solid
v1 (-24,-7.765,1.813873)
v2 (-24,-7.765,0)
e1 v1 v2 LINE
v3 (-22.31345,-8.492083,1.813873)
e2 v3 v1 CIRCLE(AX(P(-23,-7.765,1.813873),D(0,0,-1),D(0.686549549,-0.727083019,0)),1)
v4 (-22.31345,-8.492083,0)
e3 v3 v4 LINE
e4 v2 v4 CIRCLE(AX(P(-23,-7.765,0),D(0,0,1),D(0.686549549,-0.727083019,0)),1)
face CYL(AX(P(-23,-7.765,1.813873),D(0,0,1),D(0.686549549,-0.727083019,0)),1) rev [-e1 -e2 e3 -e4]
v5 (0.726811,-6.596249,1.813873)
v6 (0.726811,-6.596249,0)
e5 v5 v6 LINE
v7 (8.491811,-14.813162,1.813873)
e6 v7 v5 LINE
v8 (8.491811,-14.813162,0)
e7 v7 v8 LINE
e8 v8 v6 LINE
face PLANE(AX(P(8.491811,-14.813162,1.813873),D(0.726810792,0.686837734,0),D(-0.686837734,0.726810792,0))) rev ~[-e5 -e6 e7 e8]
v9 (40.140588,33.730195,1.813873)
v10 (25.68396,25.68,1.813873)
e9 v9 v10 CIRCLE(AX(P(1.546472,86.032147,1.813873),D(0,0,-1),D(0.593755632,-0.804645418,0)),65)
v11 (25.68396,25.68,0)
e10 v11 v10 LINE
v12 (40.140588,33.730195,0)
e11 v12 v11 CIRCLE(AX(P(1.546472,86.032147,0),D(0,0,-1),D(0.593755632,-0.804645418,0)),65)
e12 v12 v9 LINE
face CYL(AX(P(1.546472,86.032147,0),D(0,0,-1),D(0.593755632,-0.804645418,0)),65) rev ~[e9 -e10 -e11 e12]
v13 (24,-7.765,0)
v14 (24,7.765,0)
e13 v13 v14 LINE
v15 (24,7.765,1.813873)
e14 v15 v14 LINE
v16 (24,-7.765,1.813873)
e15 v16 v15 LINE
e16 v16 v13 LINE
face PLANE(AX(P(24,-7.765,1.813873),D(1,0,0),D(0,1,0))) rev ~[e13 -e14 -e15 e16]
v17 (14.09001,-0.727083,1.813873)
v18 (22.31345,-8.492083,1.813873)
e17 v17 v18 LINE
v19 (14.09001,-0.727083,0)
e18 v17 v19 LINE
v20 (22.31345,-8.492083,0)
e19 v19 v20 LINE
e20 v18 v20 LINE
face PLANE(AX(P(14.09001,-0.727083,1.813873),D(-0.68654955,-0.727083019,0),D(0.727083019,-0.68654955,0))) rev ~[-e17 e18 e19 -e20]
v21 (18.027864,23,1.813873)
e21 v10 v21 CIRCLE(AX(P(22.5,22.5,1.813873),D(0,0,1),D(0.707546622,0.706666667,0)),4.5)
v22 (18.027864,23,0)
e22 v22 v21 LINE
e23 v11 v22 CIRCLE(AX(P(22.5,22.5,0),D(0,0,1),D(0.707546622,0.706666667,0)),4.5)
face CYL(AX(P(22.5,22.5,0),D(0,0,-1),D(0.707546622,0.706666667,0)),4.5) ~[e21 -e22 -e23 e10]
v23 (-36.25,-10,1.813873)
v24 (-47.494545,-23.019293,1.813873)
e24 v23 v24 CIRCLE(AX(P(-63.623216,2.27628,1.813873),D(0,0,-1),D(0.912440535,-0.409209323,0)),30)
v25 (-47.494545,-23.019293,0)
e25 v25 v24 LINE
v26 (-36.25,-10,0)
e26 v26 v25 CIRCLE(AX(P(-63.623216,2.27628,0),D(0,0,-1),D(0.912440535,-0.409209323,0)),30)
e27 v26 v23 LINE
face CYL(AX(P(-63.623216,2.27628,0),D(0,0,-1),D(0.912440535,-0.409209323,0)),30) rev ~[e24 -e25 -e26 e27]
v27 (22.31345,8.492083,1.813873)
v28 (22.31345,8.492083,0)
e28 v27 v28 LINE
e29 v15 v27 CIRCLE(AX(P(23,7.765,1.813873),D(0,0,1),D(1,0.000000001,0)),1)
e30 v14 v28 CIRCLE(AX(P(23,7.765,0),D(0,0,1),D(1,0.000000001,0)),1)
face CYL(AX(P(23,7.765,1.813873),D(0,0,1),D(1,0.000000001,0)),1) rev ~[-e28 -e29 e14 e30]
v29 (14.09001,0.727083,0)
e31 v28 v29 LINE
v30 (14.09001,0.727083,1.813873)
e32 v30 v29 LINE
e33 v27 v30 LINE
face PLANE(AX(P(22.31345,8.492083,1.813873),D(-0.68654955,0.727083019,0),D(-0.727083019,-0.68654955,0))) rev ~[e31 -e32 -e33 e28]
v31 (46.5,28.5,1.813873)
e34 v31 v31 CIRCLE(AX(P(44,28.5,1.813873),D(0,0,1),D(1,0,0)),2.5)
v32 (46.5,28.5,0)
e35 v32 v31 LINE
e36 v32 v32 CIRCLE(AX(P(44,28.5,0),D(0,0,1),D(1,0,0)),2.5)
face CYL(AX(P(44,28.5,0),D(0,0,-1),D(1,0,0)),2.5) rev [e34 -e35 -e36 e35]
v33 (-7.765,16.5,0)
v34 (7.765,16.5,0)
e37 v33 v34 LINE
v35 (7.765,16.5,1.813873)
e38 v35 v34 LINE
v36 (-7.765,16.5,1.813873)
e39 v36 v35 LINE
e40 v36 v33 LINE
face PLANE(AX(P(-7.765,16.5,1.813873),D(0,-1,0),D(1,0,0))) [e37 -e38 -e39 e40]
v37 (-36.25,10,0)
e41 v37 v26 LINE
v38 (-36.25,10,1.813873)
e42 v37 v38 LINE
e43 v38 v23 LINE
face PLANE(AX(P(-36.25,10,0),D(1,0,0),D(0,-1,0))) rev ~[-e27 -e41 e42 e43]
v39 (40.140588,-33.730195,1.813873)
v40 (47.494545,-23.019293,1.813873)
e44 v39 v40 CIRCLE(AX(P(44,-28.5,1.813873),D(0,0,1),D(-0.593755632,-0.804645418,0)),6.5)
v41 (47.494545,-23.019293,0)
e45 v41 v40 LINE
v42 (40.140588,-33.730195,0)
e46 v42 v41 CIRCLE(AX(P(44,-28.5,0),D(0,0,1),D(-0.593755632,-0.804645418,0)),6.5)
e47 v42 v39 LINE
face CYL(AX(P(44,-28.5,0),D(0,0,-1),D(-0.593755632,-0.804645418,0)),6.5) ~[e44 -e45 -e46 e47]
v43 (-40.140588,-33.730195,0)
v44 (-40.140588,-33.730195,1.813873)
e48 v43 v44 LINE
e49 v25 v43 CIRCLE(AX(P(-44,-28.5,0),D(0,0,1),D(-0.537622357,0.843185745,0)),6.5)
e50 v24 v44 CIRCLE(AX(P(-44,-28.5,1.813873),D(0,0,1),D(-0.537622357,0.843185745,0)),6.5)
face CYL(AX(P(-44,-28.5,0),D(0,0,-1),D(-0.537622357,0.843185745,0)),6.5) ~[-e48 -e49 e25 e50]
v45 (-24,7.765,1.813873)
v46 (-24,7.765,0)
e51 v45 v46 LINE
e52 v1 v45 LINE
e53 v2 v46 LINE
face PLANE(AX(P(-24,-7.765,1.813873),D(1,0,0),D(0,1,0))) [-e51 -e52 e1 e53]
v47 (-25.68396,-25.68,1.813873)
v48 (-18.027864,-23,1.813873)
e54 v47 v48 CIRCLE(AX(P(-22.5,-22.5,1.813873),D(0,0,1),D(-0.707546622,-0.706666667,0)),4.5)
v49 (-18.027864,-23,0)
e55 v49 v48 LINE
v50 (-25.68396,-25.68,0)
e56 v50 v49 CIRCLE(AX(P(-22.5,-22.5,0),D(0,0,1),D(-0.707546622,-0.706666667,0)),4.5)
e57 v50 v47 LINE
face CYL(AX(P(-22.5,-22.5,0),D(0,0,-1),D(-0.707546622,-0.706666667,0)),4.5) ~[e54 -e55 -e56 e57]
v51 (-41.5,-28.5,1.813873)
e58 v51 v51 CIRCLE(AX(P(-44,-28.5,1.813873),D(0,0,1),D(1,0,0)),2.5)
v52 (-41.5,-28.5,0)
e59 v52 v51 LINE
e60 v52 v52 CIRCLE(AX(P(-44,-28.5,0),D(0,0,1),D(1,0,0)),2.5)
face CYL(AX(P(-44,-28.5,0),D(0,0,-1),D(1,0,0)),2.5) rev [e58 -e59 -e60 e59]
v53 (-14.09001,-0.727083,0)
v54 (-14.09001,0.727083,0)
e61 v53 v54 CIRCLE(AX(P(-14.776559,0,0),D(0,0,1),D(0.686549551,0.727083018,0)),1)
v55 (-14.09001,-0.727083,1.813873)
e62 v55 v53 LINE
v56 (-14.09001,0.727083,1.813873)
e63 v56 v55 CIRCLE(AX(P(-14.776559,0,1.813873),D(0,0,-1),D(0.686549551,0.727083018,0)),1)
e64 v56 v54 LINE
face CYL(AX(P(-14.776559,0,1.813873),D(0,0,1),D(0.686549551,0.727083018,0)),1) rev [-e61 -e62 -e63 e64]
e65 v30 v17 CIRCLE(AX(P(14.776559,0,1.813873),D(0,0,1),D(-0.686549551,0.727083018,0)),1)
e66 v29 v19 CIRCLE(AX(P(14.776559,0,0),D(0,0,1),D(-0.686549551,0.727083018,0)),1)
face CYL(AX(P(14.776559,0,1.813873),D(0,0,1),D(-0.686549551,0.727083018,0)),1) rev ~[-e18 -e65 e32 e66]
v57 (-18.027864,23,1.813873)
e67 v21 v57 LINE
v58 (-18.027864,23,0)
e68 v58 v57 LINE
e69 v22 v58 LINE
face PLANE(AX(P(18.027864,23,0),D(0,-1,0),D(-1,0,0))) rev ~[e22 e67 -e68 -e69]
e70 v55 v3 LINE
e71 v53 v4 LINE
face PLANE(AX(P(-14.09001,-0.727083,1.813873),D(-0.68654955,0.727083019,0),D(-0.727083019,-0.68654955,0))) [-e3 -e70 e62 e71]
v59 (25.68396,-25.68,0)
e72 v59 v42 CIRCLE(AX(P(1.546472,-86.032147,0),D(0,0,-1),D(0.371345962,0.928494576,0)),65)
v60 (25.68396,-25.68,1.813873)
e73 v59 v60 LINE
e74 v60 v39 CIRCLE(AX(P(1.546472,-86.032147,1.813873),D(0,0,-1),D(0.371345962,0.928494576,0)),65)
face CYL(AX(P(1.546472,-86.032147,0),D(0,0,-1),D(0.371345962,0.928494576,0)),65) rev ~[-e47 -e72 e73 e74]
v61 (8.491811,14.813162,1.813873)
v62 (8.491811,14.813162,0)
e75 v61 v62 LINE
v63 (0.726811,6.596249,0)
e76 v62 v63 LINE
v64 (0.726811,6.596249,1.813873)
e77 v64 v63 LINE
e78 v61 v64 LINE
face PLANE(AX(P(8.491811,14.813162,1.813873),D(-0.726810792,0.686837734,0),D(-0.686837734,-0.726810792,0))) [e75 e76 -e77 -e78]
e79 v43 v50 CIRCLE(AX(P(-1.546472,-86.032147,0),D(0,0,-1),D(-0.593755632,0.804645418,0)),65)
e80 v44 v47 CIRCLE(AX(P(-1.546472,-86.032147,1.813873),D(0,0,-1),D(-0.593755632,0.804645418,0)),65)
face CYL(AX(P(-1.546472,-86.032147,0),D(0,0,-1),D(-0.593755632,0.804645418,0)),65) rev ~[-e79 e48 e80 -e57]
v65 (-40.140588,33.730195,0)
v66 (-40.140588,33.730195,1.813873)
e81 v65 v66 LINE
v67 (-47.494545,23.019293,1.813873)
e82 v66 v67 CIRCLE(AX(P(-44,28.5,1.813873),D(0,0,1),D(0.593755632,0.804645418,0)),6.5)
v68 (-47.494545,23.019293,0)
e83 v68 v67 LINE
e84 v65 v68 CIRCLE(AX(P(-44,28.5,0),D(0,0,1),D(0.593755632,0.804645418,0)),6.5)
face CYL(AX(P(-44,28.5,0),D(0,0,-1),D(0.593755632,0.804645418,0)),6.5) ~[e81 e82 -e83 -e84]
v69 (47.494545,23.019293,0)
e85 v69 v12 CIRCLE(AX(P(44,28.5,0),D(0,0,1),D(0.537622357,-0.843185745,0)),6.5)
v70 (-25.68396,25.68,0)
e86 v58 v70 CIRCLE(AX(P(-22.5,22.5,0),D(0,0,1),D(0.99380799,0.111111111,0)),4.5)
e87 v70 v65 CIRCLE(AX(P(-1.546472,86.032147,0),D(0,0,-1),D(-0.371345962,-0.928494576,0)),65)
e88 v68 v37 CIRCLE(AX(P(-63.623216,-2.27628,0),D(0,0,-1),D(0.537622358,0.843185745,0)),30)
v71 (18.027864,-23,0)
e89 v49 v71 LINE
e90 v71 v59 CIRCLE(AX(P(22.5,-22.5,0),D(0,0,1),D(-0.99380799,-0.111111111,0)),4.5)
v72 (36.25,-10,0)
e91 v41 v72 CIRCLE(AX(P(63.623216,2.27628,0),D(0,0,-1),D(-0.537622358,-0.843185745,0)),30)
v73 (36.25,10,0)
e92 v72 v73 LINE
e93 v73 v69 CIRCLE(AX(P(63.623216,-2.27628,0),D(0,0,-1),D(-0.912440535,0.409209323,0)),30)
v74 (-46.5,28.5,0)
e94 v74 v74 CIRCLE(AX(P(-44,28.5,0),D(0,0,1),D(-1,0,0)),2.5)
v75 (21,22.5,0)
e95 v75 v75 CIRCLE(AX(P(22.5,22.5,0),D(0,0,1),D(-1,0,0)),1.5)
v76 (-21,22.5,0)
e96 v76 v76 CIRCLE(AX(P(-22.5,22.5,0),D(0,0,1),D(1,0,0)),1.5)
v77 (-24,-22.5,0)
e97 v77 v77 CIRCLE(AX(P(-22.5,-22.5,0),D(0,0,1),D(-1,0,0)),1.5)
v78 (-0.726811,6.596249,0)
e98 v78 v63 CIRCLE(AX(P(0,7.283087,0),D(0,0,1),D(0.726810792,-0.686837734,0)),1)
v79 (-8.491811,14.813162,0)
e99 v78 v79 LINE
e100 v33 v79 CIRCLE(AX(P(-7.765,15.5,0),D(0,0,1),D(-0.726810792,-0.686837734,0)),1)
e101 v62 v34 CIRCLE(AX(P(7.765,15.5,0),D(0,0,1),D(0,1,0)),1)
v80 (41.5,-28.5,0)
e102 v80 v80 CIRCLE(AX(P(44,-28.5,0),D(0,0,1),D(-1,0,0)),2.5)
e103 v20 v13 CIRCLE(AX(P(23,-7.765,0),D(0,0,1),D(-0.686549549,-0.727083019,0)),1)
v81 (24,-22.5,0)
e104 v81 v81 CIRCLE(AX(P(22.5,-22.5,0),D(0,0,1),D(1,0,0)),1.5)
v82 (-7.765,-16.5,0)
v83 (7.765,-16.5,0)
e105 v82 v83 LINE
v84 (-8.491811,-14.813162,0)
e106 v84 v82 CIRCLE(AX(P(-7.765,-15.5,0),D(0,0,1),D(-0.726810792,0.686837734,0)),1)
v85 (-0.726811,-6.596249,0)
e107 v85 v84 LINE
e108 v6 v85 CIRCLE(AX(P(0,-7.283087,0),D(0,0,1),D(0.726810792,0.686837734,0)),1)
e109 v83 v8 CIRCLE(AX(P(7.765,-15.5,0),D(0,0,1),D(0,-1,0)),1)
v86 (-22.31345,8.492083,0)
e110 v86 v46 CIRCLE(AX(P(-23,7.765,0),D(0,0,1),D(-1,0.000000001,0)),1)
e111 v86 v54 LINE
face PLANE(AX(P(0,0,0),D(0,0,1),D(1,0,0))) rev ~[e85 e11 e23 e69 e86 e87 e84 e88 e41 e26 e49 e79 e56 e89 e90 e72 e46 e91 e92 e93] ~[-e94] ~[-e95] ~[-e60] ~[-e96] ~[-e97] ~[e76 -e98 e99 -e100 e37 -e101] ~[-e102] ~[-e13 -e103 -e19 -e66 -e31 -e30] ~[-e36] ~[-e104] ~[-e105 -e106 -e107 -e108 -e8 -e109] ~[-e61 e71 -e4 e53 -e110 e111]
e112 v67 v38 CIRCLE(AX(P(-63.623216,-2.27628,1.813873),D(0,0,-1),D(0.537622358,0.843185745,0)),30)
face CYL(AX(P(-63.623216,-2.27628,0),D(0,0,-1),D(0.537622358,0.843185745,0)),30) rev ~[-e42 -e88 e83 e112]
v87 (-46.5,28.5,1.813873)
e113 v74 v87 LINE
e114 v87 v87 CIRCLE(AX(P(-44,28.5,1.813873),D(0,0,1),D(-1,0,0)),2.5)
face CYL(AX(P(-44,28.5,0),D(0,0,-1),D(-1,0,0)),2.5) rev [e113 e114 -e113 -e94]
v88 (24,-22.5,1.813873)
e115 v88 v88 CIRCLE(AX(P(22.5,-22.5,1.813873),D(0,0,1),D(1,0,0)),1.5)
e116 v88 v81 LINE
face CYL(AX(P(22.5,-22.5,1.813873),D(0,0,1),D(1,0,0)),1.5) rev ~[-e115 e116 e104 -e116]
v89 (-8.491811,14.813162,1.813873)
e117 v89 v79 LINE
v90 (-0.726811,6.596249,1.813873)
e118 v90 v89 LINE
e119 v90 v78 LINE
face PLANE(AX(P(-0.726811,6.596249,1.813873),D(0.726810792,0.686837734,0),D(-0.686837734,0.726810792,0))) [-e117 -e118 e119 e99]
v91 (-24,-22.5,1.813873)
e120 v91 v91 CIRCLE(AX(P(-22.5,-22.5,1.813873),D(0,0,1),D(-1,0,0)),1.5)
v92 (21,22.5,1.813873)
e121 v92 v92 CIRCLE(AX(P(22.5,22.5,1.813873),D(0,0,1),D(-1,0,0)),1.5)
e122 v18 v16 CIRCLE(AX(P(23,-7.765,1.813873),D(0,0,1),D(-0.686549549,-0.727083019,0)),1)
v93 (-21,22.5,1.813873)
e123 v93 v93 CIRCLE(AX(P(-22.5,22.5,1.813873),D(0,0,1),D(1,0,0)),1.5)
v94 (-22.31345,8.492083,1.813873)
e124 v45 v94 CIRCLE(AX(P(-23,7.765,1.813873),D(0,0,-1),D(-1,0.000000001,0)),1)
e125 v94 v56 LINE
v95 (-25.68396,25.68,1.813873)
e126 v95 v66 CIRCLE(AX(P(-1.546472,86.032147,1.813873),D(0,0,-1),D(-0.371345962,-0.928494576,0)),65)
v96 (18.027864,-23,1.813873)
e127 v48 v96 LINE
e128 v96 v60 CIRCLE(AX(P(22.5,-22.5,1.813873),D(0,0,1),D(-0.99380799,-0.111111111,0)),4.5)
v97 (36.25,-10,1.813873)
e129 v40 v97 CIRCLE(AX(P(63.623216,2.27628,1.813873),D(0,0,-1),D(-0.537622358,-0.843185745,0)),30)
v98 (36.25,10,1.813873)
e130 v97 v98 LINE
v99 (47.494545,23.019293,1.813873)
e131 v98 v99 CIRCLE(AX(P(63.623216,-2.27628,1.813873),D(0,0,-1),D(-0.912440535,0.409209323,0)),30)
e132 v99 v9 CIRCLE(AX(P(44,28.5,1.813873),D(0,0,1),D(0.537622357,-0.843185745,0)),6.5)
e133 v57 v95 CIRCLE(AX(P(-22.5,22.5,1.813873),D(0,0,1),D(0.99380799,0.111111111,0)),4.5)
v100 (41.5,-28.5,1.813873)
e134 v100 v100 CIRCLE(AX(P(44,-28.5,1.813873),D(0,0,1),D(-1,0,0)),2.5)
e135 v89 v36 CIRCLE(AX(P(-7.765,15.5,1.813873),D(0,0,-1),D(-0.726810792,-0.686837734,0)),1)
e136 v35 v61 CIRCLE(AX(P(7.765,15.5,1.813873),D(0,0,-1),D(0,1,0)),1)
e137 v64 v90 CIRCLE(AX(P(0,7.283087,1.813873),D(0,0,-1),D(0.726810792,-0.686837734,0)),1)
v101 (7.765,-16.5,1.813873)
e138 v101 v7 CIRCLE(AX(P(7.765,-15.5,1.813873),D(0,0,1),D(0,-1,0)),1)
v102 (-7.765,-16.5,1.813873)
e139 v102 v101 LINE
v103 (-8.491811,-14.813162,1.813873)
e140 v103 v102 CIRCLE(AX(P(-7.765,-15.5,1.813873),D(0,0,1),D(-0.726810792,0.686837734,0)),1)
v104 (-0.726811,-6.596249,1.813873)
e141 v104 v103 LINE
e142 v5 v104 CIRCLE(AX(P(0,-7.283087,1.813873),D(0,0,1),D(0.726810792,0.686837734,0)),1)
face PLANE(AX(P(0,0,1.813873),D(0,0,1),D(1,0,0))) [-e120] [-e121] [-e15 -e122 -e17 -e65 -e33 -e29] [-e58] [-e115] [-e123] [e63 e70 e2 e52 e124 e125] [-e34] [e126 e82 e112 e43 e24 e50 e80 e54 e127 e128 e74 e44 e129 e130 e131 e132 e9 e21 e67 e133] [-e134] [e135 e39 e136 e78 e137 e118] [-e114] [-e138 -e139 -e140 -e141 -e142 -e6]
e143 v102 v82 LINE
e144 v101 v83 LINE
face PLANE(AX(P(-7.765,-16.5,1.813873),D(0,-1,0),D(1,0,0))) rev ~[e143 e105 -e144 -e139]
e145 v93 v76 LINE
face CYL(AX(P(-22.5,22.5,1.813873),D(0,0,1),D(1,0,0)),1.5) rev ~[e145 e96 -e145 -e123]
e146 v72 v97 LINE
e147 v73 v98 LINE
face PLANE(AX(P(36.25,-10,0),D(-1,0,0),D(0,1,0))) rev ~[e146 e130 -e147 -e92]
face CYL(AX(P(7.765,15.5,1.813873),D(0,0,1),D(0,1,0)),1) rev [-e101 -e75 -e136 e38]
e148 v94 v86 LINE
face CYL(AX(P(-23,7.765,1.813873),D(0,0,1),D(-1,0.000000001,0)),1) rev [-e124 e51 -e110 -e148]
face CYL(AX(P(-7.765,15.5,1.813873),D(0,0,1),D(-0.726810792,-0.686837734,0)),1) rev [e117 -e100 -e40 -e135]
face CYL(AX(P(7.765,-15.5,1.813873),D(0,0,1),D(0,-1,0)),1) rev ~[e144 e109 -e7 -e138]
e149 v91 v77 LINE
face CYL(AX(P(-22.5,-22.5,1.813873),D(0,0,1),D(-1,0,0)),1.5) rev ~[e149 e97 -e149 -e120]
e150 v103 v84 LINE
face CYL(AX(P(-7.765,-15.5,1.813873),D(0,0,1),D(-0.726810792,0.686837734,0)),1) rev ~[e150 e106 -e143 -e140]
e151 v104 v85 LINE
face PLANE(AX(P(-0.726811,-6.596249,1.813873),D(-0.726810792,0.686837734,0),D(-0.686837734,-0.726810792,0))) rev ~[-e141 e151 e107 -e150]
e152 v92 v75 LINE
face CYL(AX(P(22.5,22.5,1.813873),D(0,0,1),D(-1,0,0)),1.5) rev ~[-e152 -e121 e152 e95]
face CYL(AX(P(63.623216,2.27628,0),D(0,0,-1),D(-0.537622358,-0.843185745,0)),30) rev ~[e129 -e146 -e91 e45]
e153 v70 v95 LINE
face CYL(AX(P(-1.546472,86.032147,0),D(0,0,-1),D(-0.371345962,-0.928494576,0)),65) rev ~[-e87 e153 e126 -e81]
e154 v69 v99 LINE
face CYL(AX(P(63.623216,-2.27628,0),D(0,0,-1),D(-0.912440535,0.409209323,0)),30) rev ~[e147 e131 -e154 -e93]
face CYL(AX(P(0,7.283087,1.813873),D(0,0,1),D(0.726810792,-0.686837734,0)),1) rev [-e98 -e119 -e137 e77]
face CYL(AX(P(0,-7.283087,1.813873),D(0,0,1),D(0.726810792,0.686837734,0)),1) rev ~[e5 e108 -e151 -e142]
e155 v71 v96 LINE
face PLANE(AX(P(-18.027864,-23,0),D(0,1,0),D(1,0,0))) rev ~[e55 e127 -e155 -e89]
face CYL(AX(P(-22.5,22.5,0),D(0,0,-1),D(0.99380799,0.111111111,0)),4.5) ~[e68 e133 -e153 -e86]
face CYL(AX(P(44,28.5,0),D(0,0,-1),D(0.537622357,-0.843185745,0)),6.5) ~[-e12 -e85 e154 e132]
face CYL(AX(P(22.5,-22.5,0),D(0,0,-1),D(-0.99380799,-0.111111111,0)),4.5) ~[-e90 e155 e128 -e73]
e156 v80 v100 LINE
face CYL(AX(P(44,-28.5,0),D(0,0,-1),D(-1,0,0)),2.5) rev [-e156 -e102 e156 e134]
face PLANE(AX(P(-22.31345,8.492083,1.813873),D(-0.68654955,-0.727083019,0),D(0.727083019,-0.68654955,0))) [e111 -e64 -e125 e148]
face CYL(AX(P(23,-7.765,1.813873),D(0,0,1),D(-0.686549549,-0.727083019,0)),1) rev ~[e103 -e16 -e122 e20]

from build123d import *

# Parameters (mm, degrees)
SKETCH1_R           = 2.5
BOSS_EXTRUDE1_DEPTH = 1.813873007
SKETCH2_R           = 1.5
CUT_EXTRUDE1_DEPTH  = 62.469831099


with BuildPart() as part:
    # Sketch1 → Boss-Extrude1 (new body)
    with BuildSketch(Plane.XY):
        with BuildLine():
            Line((36.25, -10), (36.25, 10))
            ThreePointArc((36.25, 10), (40.919052696, 17.33292647), (47.494545324, 23.019292657))
            ThreePointArc((47.494545324, 23.019292657), (49.358557668, 32.179111268), (40.140588391, 33.730195219))
            ThreePointArc((40.140588391, 33.730195219), (33.169485012, 29.243195432), (25.683959799, 25.68))
            ThreePointArc((25.683959799, 25.68), (21.013241966, 26.747299206), (18.027864045, 23))
            Line((18.027864045, 23), (-18.027864045, 23))
            ThreePointArc((-18.027864045, 23), (-21.013241966, 26.747299206), (-25.683959799, 25.68))
            ThreePointArc((-25.683959799, 25.68), (-33.169485012, 29.243195432), (-40.140588391, 33.730195219))
            ThreePointArc((-40.140588391, 33.730195219), (-49.358557668, 32.179111268), (-47.494545324, 23.019292657))
            ThreePointArc((-47.494545324, 23.019292657), (-40.919052696, 17.33292647), (-36.25, 10))
            Line((-36.25, 10), (-36.25, -10))
            ThreePointArc((-36.25, -10), (-40.919052696, -17.33292647), (-47.494545324, -23.019292657))
            ThreePointArc((-47.494545324, -23.019292657), (-49.358557668, -32.179111268), (-40.140588391, -33.730195219))
            ThreePointArc((-40.140588391, -33.730195219), (-33.169485012, -29.243195432), (-25.683959799, -25.68))
            ThreePointArc((-25.683959799, -25.68), (-21.013241966, -26.747299206), (-18.027864045, -23))
            Line((-18.027864045, -23), (18.027864045, -23))
            ThreePointArc((18.027864045, -23), (21.013241966, -26.747299206), (25.683959799, -25.68))
            ThreePointArc((25.683959799, -25.68), (33.169485012, -29.243195432), (40.140588391, -33.730195219))
            ThreePointArc((40.140588391, -33.730195219), (49.358557668, -32.179111268), (47.494545324, -23.019292657))
            ThreePointArc((47.494545324, -23.019292657), (40.919052696, -17.33292647), (36.25, -10))
        make_face()
        with Locations((-44, -28.5)):
            Circle(SKETCH1_R, mode=Mode.SUBTRACT)
        with Locations(Location((-44, 28.5, 0), (0, 0, 180))):
            Circle(SKETCH1_R, mode=Mode.SUBTRACT)
        with Locations(Location((44, -28.5, 0), (0, 0, 180))):
            Circle(SKETCH1_R, mode=Mode.SUBTRACT)
        with Locations((44, 28.5)):
            Circle(SKETCH1_R, mode=Mode.SUBTRACT)
    extrude(amount=BOSS_EXTRUDE1_DEPTH)

    # Sketch2 → Cut-Extrude1 (cut, through all)
    with BuildSketch(Plane.XY.offset(1.813873007)):
        with Locations((-22.5, 22.5)):
            Circle(SKETCH2_R)
        with Locations(Location((-22.5, -22.5, 0), (0, 0, 180))):
            Circle(SKETCH2_R)
        with Locations((22.5, -22.5)):
            Circle(SKETCH2_R)
        with Locations(Location((22.5, 22.5, 0), (0, 0, 180))):
            Circle(SKETCH2_R)
        with BuildLine():
            Line((-7.765, 16.5), (7.765, 16.5))
            ThreePointArc((7.765, 16.5), (8.68337839, 15.89570334), (8.491810792, 14.813162266))
            Line((8.491810792, 14.813162266), (0.726810792, 6.596249413))
            ThreePointArc((0.726810792, 6.596249413), (0, 6.283087147), (-0.726810792, 6.596249413))
            Line((-0.726810792, 6.596249413), (-8.491810792, 14.813162266))
            ThreePointArc((-8.491810792, 14.813162266), (-8.68337839, 15.89570334), (-7.765, 16.5))
        make_face()
        with BuildLine():
            Line((-7.765, -16.5), (7.765, -16.5))
            ThreePointArc((7.765, -16.5), (8.68337839, -15.89570334), (8.491810792, -14.813162266))
            Line((8.491810792, -14.813162266), (0.726810792, -6.596249413))
            ThreePointArc((0.726810792, -6.596249413), (0, -6.283087147), (-0.726810792, -6.596249413))
            Line((-0.726810792, -6.596249413), (-8.491810792, -14.813162266))
            ThreePointArc((-8.491810792, -14.813162266), (-8.68337839, -15.89570334), (-7.765, -16.5))
        make_face()
        with BuildLine():
            Line((-24, -7.765), (-24, 7.765))
            ThreePointArc((-24, 7.765), (-23.395885369, 8.683299937), (-22.31345045, 8.492083019))
            Line((-22.31345045, 8.492083019), (-14.090009559, 0.727083019))
            ThreePointArc((-14.090009559, 0.727083019), (-13.776559109, 0), (-14.090009559, -0.727083019))
            Line((-14.090009559, -0.727083019), (-22.31345045, -8.492083019))
            ThreePointArc((-22.31345045, -8.492083019), (-23.395885369, -8.683299937), (-24, -7.765))
        make_face()
        with BuildLine():
            Line((24, -7.765), (24, 7.765))
            ThreePointArc((24, 7.765), (23.395885369, 8.683299937), (22.31345045, 8.492083019))
            Line((22.31345045, 8.492083019), (14.090009559, 0.727083019))
            ThreePointArc((14.090009559, 0.727083019), (13.776559109, 0), (14.090009559, -0.727083019))
            Line((14.090009559, -0.727083019), (22.31345045, -8.492083019))
            ThreePointArc((22.31345045, -8.492083019), (23.395885369, -8.683299937), (24, -7.765))
        make_face()
    extrude(amount=-CUT_EXTRUDE1_DEPTH, mode=Mode.SUBTRACT)


solid = part.part
